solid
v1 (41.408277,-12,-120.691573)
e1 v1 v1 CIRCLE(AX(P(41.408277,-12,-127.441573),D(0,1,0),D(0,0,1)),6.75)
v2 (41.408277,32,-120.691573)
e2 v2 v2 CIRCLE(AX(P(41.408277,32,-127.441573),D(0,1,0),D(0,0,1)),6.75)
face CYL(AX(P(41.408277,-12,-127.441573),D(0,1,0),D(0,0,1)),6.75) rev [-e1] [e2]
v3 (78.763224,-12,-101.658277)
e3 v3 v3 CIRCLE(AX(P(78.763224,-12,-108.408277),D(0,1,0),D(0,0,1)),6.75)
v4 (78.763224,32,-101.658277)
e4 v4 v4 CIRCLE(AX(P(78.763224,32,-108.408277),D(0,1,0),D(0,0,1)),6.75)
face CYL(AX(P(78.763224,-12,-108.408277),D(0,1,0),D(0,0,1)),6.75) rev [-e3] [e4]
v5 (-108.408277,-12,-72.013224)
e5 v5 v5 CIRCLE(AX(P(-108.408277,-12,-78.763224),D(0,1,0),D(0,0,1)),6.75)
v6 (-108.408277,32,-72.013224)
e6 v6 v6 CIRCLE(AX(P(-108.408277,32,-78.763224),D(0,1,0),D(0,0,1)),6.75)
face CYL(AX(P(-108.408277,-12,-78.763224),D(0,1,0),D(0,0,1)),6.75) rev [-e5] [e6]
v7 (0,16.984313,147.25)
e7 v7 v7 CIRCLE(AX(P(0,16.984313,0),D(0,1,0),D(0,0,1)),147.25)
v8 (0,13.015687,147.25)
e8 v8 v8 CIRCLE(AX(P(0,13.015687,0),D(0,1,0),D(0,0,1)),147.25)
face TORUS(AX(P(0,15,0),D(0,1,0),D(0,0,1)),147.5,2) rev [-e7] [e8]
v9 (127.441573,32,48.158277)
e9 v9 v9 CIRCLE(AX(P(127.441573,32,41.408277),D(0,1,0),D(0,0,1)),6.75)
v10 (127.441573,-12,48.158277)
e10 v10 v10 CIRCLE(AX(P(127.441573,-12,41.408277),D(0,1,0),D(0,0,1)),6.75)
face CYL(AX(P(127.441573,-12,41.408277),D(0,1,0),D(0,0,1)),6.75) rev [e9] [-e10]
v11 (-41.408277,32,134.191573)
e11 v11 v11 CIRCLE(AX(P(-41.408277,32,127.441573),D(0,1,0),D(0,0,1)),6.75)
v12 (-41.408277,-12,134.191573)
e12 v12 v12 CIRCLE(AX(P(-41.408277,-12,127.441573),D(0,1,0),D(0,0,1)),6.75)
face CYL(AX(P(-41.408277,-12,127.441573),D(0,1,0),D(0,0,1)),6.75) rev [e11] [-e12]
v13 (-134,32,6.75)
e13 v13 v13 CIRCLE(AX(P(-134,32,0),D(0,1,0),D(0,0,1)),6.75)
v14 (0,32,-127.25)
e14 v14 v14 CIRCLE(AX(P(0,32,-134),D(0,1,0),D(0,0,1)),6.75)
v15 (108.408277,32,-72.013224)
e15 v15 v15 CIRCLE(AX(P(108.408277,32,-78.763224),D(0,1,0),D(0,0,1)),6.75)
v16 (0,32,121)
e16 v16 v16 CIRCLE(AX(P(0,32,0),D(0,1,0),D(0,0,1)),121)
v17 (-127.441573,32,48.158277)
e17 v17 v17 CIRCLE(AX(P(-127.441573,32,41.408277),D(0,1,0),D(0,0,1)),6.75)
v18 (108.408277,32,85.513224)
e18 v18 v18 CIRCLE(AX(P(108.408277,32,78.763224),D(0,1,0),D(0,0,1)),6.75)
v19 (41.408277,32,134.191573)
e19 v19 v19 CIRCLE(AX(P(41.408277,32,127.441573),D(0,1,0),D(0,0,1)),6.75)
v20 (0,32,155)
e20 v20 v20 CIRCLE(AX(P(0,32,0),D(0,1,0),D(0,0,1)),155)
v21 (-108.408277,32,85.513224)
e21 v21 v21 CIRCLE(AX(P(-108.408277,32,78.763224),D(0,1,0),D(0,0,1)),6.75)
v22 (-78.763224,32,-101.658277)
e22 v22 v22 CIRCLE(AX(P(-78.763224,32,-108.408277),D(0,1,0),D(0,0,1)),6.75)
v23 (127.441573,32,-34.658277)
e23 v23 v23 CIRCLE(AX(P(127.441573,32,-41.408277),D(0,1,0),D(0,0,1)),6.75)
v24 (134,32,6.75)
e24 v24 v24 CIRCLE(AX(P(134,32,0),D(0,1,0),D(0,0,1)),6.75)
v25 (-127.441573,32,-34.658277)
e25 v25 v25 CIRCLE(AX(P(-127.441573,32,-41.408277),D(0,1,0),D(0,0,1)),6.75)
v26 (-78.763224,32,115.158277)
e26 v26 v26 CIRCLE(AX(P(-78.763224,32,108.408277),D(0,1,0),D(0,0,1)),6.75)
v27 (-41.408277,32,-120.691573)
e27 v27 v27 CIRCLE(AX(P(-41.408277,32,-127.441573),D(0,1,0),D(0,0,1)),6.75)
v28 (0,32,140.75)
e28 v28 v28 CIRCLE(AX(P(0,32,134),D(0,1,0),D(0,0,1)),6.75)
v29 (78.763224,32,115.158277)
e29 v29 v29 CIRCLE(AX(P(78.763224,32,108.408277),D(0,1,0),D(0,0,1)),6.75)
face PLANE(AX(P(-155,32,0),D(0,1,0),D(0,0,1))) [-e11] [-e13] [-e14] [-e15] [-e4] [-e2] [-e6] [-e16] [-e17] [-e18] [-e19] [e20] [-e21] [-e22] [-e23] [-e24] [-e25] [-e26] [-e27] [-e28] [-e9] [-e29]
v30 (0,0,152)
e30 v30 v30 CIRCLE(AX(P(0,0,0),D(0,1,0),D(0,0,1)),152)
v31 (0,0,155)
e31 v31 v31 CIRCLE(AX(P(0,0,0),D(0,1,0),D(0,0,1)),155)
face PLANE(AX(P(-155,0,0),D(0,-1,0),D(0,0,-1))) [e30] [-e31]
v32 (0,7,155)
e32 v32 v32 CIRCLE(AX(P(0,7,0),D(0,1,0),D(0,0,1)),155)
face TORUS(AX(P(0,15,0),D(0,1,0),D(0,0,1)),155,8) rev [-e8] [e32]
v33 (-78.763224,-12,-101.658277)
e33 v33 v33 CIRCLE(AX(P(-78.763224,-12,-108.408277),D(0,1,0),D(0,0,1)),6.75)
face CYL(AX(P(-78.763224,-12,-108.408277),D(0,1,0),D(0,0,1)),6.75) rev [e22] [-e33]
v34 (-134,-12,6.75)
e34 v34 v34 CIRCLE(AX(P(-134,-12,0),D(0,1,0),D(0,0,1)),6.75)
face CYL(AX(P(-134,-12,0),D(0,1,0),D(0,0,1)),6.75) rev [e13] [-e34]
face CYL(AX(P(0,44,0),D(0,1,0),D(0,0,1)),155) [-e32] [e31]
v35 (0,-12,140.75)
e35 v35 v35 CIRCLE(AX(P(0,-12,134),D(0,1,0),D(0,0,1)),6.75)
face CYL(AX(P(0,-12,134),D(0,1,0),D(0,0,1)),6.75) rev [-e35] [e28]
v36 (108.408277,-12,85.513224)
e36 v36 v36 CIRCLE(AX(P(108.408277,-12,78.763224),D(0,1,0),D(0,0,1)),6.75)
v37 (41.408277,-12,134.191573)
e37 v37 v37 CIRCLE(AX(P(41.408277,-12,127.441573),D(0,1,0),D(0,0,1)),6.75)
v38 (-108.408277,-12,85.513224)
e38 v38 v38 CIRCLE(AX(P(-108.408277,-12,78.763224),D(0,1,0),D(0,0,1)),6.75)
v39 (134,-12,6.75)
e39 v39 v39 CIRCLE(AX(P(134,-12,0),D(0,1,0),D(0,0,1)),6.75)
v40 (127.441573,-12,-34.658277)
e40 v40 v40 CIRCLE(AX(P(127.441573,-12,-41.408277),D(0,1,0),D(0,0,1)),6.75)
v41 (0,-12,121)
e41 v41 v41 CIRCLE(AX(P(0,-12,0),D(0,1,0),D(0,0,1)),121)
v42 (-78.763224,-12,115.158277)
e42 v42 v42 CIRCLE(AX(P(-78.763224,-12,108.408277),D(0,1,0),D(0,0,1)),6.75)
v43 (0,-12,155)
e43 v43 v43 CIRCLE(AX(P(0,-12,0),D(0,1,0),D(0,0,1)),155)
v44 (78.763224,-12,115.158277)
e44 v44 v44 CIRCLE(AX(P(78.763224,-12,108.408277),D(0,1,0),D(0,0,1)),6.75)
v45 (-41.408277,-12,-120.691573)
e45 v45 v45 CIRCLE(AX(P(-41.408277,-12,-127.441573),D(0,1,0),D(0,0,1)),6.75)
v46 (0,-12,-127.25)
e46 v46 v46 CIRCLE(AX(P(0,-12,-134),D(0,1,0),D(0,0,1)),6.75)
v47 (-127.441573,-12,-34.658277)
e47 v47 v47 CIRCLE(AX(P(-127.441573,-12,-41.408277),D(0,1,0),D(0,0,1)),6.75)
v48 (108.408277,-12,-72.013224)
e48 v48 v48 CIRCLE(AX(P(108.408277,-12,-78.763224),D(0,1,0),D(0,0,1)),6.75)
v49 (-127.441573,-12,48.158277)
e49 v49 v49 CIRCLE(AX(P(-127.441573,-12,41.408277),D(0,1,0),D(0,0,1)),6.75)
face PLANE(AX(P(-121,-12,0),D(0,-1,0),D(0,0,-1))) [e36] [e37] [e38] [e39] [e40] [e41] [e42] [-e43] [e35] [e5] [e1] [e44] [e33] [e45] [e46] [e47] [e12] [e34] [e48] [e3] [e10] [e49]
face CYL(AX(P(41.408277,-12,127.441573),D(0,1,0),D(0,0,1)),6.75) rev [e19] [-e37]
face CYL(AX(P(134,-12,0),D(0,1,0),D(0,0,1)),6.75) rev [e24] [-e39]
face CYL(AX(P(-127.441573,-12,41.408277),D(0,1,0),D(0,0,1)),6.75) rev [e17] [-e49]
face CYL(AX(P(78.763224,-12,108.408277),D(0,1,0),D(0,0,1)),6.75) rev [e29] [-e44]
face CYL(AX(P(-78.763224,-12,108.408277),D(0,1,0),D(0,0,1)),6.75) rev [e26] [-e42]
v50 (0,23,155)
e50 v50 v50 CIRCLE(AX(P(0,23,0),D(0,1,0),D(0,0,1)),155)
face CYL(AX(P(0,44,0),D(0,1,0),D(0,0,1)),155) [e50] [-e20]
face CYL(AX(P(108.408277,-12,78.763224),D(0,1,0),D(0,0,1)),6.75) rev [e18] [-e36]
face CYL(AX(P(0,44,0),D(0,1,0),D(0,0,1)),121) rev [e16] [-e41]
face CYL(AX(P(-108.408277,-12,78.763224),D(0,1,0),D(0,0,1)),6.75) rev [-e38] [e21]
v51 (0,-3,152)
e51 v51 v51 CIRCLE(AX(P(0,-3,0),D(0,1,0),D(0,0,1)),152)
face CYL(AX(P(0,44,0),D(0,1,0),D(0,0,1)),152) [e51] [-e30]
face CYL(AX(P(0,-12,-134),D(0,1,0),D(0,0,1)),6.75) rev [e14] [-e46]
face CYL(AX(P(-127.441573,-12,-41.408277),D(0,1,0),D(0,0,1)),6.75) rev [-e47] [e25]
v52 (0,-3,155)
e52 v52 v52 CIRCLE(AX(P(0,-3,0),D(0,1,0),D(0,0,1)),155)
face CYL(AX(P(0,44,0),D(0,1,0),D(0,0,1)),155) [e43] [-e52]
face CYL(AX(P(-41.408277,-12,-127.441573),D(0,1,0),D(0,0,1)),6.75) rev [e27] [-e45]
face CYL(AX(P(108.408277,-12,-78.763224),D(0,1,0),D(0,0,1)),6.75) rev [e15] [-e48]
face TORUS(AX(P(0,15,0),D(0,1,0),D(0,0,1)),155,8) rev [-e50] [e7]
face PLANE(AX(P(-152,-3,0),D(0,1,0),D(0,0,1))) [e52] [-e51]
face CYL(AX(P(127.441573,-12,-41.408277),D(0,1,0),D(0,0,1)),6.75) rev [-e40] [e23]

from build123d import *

# Parameters (mm, degrees)
ESQUISSE4_R             = 6.75
ENL_V_MAT_EXTRU_2_DEPTH = 224.575490607


with BuildPart() as part:
    # Esquisse1 → Révolution1 (revolve)
    with BuildSketch(Plane.XY, mode=Mode.PRIVATE) as r_volution1_sk:
        with BuildLine():
            Line((-155, 23), (-155, 32))
            Line((-155, 32), (-121, 32))
            Line((-121, 32), (-121, -12))
            Line((-121, -12), (-155, -12))
            Line((-155, -12), (-155, -3))
            Line((-155, -3), (-152, -3))
            Line((-152, -3), (-152, 0))
            Line((-152, 0), (-155, 0))
            Line((-155, 0), (-155, 7))
            ThreePointArc((-155, 7), (-150.094620701, 8.680407139), (-147.25, 13.015686517))
            ThreePointArc((-147.25, 13.015686517), (-145.5, 15), (-147.25, 16.984313483))
            ThreePointArc((-147.25, 16.984313483), (-150.094620701, 21.319592861), (-155, 23))
        make_face()
    revolve(r_volution1_sk.sketch.rotate(Axis((0, 44, 0), (0, -1, 0)), 270), axis=Axis((0, 44, 0), (0, -1, 0)))

    # Esquisse4 → Enlèv. mat.-Extru.2 (cut, through all)
    with BuildSketch(Plane(origin=(0, 32, 0), x_dir=(1, 0, 0), z_dir=(0, 1, 0))):
        with Locations(Location((-134, 0, 0), (0, 0, 270))):
            Circle(ESQUISSE4_R)
        with Locations(Location((-127.441573184, 41.408277246, 0), (0, 0, 270))):
            Circle(ESQUISSE4_R)
        with Locations(Location((-108.408277246, 78.763223807, 0), (0, 0, 270))):
            Circle(ESQUISSE4_R)
        with Locations(Location((-78.763223807, 108.408277246, 0), (0, 0, 270))):
            Circle(ESQUISSE4_R)
        with Locations(Location((-41.408277246, 127.441573184, 0), (0, 0, 270))):
            Circle(ESQUISSE4_R)
        with Locations(Location((0, 134, 0), (0, 0, 270))):
            Circle(ESQUISSE4_R)
        with Locations(Location((41.408277246, 127.441573184, 0), (0, 0, 270))):
            Circle(ESQUISSE4_R)
        with Locations(Location((78.763223807, 108.408277246, 0), (0, 0, 270))):
            Circle(ESQUISSE4_R)
        with Locations(Location((108.408277246, 78.763223807, 0), (0, 0, 270))):
            Circle(ESQUISSE4_R)
        with Locations(Location((127.441573184, 41.408277246, 0), (0, 0, 270))):
            Circle(ESQUISSE4_R)
        with Locations(Location((134, 0, 0), (0, 0, 270))):
            Circle(ESQUISSE4_R)
        with Locations(Location((127.441573184, -41.408277246, 0), (0, 0, 270))):
            Circle(ESQUISSE4_R)
        with Locations(Location((108.408277246, -78.763223807, 0), (0, 0, 270))):
            Circle(ESQUISSE4_R)
        with Locations(Location((78.763223807, -108.408277246, 0), (0, 0, 270))):
            Circle(ESQUISSE4_R)
        with Locations(Location((41.408277246, -127.441573184, 0), (0, 0, 270))):
            Circle(ESQUISSE4_R)
        with Locations(Location((0, -134, 0), (0, 0, 270))):
            Circle(ESQUISSE4_R)
        with Locations(Location((-41.408277246, -127.441573184, 0), (0, 0, 270))):
            Circle(ESQUISSE4_R)
        with Locations(Location((-78.763223807, -108.408277246, 0), (0, 0, 270))):
            Circle(ESQUISSE4_R)
        with Locations(Location((-108.408277246, -78.763223807, 0), (0, 0, 270))):
            Circle(ESQUISSE4_R)
        with Locations(Location((-127.441573184, -41.408277246, 0), (0, 0, 270))):
            Circle(ESQUISSE4_R)
    extrude(amount=-ENL_V_MAT_EXTRU_2_DEPTH, mode=Mode.SUBTRACT)


solid = part.part
